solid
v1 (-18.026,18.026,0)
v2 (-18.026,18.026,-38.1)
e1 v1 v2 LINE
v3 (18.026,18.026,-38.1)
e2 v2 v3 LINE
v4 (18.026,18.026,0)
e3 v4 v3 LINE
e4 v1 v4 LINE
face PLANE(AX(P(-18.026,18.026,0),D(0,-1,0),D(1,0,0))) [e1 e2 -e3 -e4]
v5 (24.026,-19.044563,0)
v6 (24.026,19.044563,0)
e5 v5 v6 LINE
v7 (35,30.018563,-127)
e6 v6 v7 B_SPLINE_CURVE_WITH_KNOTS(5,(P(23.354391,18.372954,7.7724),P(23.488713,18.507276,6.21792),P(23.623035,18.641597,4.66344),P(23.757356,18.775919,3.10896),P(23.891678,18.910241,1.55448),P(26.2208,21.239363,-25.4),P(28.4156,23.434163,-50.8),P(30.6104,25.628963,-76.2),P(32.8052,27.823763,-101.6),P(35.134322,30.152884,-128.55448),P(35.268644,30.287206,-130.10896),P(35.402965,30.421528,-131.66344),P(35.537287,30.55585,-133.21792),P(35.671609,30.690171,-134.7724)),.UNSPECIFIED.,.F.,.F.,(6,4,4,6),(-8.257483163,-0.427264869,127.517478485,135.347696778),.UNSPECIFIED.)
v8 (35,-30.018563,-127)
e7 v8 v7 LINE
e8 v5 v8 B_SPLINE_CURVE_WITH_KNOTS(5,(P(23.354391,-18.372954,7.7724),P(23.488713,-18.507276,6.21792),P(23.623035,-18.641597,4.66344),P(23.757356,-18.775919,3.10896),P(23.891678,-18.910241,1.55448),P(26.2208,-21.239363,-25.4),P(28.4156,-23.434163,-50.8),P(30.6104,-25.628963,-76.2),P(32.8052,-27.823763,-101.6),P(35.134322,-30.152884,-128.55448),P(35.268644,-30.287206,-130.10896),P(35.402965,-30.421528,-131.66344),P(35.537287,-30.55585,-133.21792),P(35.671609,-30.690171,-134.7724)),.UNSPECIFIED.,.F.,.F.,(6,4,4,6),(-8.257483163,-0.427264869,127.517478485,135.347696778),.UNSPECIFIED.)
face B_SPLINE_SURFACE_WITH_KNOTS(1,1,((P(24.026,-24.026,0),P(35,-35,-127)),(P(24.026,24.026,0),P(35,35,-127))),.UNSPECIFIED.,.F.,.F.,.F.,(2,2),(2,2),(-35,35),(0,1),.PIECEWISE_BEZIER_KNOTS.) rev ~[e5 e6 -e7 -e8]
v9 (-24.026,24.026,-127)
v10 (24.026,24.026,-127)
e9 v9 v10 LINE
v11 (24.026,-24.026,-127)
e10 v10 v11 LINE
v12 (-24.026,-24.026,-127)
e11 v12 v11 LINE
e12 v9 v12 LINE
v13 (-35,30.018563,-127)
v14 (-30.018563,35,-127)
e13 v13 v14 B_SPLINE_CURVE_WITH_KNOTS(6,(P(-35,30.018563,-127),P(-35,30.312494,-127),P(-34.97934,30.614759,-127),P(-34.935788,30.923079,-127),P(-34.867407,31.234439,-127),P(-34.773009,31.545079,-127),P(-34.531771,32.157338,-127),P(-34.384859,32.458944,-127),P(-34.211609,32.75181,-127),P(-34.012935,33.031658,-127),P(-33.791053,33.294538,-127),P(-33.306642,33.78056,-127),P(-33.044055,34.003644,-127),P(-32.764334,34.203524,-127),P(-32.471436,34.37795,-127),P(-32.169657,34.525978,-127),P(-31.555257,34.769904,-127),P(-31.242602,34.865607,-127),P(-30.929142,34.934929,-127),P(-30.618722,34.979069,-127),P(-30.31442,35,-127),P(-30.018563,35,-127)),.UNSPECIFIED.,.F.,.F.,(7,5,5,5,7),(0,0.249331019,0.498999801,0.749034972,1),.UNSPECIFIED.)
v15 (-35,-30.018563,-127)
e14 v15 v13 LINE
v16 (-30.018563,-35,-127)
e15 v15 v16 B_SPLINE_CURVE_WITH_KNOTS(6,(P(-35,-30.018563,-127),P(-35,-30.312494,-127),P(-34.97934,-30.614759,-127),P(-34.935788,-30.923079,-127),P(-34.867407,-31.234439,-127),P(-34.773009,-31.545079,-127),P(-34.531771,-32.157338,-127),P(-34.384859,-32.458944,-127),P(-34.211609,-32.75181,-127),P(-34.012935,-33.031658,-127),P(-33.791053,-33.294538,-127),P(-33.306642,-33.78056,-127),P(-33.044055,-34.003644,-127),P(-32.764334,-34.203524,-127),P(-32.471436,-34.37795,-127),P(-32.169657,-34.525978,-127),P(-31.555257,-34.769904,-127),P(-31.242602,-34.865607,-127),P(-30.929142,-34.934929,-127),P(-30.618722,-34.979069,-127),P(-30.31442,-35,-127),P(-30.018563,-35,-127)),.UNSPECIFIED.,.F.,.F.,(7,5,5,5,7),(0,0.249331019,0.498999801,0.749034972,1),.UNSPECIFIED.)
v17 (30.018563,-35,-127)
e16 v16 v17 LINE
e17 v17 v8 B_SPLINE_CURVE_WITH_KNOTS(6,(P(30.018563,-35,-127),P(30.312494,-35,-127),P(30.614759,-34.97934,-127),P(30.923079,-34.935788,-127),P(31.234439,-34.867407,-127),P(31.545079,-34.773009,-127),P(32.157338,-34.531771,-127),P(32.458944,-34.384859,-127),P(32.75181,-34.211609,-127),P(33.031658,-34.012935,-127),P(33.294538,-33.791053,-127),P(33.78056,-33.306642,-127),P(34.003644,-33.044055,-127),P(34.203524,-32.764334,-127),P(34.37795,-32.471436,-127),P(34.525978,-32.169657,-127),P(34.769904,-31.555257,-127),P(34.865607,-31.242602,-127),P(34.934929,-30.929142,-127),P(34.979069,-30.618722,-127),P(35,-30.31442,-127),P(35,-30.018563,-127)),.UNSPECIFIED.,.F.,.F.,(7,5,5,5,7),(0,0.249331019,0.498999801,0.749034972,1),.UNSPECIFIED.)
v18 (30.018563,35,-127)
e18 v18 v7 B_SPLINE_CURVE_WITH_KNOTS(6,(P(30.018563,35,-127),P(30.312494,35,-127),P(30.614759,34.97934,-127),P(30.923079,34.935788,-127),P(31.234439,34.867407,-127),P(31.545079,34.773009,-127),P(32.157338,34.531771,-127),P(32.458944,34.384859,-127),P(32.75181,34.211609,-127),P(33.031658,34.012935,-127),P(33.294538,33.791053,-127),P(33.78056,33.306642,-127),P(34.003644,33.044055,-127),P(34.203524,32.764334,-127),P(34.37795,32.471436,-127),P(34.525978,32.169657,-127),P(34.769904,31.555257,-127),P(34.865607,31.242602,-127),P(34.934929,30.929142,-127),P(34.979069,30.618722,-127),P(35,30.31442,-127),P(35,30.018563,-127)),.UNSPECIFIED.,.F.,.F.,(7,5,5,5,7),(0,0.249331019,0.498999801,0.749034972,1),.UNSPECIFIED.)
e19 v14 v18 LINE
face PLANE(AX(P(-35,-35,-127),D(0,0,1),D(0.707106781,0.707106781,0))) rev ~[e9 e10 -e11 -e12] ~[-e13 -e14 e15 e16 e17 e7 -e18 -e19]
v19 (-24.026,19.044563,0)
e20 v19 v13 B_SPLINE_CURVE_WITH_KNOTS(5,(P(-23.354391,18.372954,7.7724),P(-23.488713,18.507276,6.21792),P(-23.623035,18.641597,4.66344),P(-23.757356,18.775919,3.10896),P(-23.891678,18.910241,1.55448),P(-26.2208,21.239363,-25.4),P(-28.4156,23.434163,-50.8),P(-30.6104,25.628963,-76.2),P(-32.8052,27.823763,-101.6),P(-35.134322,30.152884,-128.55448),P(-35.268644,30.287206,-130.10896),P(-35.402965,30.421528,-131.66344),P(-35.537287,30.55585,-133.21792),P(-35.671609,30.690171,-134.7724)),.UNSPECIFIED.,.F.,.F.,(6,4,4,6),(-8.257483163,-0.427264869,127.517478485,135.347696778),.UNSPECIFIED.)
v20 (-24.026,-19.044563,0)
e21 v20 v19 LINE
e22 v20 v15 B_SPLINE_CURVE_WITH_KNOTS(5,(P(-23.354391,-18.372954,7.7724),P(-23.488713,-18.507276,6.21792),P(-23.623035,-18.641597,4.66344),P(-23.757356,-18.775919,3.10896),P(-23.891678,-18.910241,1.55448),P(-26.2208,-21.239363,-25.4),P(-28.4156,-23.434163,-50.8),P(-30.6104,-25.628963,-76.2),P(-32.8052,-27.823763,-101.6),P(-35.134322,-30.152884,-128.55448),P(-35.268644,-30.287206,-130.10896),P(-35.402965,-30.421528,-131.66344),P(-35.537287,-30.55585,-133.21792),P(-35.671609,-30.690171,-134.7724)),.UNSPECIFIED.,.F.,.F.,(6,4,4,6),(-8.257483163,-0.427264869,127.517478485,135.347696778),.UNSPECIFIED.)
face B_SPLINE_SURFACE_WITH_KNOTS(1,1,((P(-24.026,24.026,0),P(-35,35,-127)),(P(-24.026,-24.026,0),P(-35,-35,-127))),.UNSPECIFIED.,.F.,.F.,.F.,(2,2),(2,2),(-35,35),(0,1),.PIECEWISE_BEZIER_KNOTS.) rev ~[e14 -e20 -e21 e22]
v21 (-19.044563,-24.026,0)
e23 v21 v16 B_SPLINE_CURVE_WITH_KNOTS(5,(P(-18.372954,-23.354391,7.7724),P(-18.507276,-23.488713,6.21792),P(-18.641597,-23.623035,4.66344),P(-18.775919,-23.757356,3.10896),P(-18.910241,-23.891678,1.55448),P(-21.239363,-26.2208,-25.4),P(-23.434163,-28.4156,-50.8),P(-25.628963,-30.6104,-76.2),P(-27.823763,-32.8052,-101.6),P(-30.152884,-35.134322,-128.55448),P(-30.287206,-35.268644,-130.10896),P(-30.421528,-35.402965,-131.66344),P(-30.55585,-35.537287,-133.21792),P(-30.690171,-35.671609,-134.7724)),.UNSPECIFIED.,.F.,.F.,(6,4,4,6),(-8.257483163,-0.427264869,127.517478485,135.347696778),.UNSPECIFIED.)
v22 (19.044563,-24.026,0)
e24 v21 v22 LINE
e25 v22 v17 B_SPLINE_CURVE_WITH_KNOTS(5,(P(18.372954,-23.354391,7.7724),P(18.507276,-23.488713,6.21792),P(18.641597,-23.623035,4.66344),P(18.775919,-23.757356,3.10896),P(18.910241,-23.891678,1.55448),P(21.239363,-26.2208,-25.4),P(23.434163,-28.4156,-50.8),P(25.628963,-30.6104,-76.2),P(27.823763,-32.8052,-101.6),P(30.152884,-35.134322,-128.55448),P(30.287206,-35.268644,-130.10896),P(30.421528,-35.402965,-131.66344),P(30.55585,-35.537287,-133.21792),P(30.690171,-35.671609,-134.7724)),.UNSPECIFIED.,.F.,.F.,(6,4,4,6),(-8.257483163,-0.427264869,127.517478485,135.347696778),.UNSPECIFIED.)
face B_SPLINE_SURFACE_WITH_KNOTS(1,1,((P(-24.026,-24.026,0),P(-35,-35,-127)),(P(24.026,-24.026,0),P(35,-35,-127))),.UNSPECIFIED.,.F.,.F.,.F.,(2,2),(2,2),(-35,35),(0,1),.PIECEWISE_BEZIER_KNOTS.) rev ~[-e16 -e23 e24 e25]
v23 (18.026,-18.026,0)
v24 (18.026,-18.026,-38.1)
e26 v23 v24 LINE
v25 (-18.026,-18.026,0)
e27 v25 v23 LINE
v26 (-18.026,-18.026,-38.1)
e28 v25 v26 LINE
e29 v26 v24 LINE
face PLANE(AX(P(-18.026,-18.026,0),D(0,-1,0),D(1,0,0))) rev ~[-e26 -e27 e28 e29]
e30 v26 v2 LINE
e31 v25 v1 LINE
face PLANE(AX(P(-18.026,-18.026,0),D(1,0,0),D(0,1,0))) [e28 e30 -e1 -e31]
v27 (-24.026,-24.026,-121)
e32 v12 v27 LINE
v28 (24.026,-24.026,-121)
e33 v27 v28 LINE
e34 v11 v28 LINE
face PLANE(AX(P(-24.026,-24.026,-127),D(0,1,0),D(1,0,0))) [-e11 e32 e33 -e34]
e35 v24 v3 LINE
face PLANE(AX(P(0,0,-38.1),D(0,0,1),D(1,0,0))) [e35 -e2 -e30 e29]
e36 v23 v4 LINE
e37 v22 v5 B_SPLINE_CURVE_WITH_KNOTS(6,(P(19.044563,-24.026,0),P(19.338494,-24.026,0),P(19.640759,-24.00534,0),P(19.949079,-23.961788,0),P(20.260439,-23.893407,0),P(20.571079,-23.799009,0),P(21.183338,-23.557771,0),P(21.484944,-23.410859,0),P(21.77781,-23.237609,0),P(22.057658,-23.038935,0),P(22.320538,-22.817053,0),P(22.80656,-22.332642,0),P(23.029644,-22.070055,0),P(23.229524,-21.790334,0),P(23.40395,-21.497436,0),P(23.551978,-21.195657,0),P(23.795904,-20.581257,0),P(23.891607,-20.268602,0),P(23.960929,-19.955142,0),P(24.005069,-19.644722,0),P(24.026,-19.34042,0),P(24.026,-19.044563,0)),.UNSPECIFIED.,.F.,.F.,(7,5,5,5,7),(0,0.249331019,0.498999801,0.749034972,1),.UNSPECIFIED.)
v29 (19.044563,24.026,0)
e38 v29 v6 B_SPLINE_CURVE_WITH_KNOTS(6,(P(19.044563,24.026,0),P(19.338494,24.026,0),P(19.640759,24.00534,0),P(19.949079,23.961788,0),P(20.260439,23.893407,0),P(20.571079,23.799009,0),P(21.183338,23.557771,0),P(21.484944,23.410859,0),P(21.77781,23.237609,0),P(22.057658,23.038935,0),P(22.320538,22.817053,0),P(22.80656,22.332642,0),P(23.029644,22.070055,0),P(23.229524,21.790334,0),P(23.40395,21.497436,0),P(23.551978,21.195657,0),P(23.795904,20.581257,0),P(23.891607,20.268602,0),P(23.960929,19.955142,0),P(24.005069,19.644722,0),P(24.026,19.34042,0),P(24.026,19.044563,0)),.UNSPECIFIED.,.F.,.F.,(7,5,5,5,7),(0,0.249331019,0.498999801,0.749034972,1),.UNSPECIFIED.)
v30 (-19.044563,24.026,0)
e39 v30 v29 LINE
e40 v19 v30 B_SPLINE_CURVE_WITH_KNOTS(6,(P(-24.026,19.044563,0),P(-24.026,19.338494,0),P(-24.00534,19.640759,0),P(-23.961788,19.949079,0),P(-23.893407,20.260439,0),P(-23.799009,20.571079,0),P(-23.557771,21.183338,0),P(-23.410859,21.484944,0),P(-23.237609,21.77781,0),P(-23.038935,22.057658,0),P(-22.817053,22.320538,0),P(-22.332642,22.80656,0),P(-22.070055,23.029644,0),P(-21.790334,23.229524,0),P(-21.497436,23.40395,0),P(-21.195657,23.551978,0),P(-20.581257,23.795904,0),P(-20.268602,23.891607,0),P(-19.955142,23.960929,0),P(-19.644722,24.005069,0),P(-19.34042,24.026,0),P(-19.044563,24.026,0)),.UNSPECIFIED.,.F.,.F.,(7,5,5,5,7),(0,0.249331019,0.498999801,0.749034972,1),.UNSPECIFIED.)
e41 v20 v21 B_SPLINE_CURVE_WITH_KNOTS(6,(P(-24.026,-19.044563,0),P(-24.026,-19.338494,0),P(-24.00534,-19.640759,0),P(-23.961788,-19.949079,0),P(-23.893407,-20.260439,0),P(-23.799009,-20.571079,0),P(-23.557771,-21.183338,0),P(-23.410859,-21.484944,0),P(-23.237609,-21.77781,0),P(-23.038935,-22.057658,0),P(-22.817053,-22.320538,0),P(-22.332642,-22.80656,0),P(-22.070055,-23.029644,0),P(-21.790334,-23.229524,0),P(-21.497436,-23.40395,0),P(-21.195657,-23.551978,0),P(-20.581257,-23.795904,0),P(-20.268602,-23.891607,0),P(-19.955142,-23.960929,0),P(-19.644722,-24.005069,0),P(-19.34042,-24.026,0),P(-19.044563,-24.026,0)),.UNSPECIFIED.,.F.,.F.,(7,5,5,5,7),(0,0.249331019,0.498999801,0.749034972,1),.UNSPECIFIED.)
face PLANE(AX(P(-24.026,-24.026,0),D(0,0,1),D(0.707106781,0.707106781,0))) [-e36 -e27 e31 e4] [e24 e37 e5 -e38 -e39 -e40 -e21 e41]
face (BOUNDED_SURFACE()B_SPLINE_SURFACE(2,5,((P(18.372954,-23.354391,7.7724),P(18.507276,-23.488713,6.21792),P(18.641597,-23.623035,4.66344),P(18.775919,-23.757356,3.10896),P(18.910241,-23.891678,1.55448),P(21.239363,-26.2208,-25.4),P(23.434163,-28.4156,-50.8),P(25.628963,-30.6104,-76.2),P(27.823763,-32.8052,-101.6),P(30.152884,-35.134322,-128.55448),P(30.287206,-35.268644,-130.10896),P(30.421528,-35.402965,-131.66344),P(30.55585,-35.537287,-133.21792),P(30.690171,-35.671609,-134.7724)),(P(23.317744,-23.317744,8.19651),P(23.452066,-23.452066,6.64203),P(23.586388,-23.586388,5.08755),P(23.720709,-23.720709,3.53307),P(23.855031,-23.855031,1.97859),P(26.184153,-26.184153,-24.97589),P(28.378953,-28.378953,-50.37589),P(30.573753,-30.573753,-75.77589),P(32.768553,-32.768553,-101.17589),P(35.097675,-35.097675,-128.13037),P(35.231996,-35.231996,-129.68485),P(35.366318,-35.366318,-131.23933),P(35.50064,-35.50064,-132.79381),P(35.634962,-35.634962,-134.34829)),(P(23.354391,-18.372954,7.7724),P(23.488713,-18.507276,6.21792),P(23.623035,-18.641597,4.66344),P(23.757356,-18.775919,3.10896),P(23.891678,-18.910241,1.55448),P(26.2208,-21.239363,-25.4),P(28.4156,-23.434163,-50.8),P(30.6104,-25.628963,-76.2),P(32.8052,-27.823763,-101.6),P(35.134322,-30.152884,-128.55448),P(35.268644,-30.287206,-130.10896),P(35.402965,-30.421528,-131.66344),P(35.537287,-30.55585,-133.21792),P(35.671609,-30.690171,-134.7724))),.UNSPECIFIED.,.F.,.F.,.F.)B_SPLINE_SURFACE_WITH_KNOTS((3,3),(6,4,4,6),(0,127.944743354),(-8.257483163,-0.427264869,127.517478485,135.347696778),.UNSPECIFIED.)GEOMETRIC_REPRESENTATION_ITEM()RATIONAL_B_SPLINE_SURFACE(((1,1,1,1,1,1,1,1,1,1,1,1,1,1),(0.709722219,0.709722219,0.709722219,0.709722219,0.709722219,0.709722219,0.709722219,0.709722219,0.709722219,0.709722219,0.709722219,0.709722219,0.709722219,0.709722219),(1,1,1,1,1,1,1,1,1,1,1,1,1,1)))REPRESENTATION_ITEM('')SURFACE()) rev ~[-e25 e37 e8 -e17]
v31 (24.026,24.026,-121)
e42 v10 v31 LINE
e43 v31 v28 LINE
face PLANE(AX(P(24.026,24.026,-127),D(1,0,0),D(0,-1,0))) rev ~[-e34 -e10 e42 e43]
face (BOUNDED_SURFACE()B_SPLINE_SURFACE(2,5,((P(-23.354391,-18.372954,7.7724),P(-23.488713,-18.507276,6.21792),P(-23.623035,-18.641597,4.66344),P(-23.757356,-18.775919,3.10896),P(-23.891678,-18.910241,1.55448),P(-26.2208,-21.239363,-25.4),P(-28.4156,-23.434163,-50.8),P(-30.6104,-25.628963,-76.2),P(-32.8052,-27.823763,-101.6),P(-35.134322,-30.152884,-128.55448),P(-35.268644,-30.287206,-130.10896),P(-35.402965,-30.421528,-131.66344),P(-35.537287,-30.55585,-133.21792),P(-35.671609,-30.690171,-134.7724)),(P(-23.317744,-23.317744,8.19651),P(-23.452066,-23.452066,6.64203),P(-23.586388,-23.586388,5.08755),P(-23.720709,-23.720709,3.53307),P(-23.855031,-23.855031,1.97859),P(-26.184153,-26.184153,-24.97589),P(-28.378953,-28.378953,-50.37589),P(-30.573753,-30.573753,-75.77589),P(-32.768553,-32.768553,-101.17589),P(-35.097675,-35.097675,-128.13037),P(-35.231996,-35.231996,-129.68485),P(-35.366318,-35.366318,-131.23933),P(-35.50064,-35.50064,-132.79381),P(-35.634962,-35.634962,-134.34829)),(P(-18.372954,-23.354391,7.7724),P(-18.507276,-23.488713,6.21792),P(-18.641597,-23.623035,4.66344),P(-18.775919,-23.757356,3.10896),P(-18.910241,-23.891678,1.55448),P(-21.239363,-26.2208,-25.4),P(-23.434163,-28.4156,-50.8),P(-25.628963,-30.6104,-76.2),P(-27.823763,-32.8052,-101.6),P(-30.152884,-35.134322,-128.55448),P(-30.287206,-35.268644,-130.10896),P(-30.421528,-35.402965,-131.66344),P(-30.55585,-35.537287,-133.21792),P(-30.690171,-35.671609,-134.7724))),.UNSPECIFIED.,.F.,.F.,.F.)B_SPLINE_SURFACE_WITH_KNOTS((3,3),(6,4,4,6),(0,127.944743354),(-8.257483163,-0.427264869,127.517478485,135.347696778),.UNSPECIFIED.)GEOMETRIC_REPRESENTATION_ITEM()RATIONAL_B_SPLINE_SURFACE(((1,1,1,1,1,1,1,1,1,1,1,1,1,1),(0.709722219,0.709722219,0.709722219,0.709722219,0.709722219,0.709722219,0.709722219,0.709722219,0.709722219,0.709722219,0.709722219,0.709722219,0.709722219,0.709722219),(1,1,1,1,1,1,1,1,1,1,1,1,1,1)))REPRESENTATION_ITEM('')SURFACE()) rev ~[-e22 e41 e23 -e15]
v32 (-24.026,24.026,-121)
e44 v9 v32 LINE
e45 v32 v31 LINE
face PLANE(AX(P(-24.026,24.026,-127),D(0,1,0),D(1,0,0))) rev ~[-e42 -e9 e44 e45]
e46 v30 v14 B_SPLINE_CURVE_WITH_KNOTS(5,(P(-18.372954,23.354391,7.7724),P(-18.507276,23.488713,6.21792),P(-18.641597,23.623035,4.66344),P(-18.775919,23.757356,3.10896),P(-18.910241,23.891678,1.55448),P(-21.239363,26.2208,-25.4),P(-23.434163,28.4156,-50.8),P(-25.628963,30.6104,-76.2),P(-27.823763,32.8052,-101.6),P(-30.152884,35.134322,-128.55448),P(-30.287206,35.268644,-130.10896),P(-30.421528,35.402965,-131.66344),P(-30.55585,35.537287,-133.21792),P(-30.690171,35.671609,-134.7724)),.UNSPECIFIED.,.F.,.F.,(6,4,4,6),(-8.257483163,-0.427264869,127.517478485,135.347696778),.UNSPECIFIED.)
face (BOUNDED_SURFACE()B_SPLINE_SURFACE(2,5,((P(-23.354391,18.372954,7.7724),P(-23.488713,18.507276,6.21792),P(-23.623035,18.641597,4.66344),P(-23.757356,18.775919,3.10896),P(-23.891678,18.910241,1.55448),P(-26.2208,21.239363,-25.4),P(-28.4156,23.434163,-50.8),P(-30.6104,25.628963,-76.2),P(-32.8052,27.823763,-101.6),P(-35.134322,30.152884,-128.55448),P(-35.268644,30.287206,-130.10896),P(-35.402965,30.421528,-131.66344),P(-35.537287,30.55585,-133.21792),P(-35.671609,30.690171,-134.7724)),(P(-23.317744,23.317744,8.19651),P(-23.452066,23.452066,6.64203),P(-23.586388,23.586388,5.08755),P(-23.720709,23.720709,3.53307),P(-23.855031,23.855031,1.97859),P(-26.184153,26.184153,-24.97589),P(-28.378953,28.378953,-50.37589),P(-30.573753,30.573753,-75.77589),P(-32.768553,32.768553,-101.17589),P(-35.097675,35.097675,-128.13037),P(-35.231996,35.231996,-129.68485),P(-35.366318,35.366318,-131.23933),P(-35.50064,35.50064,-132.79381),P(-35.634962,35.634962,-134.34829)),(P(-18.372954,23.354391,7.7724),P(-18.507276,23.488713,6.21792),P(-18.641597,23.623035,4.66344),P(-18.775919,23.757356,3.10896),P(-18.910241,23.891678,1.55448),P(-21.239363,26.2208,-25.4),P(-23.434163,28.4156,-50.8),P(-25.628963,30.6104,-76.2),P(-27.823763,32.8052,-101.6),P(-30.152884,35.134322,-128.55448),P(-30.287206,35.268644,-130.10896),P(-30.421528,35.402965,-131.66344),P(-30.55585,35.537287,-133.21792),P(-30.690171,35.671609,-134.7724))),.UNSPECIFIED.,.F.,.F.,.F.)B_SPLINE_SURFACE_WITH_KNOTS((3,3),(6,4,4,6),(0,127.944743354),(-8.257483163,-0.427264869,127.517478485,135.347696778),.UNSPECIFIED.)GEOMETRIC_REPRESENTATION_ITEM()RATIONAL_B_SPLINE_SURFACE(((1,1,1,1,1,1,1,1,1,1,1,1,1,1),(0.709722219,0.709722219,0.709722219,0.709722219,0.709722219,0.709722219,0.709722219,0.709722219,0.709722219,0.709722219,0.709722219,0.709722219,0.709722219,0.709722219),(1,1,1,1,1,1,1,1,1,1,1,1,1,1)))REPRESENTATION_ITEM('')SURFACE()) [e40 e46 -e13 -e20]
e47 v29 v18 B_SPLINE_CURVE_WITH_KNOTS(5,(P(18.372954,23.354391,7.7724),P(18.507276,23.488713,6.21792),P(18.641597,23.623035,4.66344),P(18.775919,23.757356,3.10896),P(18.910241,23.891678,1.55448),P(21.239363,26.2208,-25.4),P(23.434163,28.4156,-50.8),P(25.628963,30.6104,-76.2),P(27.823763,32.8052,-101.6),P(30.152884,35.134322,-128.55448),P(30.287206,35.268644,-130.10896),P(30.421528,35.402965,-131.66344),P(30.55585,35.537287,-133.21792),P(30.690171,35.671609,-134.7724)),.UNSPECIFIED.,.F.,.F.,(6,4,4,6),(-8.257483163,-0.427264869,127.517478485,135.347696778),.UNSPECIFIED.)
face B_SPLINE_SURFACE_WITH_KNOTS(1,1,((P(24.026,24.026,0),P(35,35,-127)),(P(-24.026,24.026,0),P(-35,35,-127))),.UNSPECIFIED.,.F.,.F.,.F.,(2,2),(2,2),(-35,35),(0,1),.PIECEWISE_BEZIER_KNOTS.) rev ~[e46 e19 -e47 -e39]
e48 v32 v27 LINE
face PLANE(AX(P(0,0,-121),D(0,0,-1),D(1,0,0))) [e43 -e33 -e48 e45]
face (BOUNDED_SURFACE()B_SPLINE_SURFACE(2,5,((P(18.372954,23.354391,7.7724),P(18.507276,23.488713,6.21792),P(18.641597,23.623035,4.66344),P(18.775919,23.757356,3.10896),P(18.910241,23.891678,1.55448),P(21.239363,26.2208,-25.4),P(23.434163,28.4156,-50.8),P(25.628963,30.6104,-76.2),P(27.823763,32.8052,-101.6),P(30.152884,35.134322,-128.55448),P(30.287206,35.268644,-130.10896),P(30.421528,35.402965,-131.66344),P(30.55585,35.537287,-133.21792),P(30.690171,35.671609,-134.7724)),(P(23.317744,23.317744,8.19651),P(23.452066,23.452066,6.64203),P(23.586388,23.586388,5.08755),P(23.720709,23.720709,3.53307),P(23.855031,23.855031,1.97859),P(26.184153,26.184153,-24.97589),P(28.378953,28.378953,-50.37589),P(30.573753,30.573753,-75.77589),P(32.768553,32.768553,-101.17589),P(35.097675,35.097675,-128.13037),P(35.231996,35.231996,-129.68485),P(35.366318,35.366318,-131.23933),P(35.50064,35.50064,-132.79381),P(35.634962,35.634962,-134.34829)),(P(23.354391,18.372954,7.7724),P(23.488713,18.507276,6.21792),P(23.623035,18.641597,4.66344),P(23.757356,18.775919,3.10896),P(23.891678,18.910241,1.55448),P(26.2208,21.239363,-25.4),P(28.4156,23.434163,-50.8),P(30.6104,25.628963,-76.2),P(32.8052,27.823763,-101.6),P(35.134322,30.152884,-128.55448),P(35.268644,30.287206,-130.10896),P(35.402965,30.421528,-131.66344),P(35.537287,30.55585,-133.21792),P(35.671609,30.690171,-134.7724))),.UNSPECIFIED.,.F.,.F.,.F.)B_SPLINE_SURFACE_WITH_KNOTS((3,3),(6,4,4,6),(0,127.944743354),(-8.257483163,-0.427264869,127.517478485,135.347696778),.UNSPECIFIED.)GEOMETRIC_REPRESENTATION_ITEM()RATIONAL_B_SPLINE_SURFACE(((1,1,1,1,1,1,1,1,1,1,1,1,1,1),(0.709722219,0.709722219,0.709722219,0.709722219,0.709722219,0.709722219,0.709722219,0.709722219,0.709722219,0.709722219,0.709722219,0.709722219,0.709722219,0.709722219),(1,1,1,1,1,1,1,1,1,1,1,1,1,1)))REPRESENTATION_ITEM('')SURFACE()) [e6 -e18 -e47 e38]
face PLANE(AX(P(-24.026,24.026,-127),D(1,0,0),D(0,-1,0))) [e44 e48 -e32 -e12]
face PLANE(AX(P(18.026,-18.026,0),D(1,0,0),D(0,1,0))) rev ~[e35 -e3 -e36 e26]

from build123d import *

# Parameters (mm, degrees)
F0_W     = 48.052
F0_H     = 48.052
F2_W     = 70
F2_H     = 70
F4_W     = 36.052
F4_H     = 36.052
F5_DEPTH = 38.1
F6_R     = 5
F7_W     = 48.052
F7_H     = 48.052
F8_DEPTH = 6


with BuildPart() as f3:
    # F0 (on Top) → F3 section 0
    with BuildSketch(Plane.XY):
        Rectangle(F0_W, F0_H)
    # F2 (on offset) → F3 section 1
    with BuildSketch(Plane.XY.offset(-127)):
        Rectangle(F2_W, F2_H)
    loft()

    # F4 (on face) → F5 (cut)
    with BuildSketch(Plane.XY):
        Rectangle(F4_W, F4_H)
    extrude(amount=-F5_DEPTH, mode=Mode.SUBTRACT)

    # F6
    f6_edges = [f3.edges().sort_by_distance(p)[0] for p in [
        (-29.513, -29.513, -63.5),
        (29.513, -29.513, -63.5),
        (-29.513, 29.513, -63.5),
        (29.513, 29.513, -63.5),
    ]]
    fillet(f6_edges, radius=F6_R)

    # F7 (on face) → F8 (cut)
    with BuildSketch(Plane(origin=(0, 0, -127), x_dir=(1, 0, 0), z_dir=(0, 0, -1))):
        Rectangle(F7_W, F7_H)
    extrude(amount=-F8_DEPTH, mode=Mode.SUBTRACT)


solid = f3.part
